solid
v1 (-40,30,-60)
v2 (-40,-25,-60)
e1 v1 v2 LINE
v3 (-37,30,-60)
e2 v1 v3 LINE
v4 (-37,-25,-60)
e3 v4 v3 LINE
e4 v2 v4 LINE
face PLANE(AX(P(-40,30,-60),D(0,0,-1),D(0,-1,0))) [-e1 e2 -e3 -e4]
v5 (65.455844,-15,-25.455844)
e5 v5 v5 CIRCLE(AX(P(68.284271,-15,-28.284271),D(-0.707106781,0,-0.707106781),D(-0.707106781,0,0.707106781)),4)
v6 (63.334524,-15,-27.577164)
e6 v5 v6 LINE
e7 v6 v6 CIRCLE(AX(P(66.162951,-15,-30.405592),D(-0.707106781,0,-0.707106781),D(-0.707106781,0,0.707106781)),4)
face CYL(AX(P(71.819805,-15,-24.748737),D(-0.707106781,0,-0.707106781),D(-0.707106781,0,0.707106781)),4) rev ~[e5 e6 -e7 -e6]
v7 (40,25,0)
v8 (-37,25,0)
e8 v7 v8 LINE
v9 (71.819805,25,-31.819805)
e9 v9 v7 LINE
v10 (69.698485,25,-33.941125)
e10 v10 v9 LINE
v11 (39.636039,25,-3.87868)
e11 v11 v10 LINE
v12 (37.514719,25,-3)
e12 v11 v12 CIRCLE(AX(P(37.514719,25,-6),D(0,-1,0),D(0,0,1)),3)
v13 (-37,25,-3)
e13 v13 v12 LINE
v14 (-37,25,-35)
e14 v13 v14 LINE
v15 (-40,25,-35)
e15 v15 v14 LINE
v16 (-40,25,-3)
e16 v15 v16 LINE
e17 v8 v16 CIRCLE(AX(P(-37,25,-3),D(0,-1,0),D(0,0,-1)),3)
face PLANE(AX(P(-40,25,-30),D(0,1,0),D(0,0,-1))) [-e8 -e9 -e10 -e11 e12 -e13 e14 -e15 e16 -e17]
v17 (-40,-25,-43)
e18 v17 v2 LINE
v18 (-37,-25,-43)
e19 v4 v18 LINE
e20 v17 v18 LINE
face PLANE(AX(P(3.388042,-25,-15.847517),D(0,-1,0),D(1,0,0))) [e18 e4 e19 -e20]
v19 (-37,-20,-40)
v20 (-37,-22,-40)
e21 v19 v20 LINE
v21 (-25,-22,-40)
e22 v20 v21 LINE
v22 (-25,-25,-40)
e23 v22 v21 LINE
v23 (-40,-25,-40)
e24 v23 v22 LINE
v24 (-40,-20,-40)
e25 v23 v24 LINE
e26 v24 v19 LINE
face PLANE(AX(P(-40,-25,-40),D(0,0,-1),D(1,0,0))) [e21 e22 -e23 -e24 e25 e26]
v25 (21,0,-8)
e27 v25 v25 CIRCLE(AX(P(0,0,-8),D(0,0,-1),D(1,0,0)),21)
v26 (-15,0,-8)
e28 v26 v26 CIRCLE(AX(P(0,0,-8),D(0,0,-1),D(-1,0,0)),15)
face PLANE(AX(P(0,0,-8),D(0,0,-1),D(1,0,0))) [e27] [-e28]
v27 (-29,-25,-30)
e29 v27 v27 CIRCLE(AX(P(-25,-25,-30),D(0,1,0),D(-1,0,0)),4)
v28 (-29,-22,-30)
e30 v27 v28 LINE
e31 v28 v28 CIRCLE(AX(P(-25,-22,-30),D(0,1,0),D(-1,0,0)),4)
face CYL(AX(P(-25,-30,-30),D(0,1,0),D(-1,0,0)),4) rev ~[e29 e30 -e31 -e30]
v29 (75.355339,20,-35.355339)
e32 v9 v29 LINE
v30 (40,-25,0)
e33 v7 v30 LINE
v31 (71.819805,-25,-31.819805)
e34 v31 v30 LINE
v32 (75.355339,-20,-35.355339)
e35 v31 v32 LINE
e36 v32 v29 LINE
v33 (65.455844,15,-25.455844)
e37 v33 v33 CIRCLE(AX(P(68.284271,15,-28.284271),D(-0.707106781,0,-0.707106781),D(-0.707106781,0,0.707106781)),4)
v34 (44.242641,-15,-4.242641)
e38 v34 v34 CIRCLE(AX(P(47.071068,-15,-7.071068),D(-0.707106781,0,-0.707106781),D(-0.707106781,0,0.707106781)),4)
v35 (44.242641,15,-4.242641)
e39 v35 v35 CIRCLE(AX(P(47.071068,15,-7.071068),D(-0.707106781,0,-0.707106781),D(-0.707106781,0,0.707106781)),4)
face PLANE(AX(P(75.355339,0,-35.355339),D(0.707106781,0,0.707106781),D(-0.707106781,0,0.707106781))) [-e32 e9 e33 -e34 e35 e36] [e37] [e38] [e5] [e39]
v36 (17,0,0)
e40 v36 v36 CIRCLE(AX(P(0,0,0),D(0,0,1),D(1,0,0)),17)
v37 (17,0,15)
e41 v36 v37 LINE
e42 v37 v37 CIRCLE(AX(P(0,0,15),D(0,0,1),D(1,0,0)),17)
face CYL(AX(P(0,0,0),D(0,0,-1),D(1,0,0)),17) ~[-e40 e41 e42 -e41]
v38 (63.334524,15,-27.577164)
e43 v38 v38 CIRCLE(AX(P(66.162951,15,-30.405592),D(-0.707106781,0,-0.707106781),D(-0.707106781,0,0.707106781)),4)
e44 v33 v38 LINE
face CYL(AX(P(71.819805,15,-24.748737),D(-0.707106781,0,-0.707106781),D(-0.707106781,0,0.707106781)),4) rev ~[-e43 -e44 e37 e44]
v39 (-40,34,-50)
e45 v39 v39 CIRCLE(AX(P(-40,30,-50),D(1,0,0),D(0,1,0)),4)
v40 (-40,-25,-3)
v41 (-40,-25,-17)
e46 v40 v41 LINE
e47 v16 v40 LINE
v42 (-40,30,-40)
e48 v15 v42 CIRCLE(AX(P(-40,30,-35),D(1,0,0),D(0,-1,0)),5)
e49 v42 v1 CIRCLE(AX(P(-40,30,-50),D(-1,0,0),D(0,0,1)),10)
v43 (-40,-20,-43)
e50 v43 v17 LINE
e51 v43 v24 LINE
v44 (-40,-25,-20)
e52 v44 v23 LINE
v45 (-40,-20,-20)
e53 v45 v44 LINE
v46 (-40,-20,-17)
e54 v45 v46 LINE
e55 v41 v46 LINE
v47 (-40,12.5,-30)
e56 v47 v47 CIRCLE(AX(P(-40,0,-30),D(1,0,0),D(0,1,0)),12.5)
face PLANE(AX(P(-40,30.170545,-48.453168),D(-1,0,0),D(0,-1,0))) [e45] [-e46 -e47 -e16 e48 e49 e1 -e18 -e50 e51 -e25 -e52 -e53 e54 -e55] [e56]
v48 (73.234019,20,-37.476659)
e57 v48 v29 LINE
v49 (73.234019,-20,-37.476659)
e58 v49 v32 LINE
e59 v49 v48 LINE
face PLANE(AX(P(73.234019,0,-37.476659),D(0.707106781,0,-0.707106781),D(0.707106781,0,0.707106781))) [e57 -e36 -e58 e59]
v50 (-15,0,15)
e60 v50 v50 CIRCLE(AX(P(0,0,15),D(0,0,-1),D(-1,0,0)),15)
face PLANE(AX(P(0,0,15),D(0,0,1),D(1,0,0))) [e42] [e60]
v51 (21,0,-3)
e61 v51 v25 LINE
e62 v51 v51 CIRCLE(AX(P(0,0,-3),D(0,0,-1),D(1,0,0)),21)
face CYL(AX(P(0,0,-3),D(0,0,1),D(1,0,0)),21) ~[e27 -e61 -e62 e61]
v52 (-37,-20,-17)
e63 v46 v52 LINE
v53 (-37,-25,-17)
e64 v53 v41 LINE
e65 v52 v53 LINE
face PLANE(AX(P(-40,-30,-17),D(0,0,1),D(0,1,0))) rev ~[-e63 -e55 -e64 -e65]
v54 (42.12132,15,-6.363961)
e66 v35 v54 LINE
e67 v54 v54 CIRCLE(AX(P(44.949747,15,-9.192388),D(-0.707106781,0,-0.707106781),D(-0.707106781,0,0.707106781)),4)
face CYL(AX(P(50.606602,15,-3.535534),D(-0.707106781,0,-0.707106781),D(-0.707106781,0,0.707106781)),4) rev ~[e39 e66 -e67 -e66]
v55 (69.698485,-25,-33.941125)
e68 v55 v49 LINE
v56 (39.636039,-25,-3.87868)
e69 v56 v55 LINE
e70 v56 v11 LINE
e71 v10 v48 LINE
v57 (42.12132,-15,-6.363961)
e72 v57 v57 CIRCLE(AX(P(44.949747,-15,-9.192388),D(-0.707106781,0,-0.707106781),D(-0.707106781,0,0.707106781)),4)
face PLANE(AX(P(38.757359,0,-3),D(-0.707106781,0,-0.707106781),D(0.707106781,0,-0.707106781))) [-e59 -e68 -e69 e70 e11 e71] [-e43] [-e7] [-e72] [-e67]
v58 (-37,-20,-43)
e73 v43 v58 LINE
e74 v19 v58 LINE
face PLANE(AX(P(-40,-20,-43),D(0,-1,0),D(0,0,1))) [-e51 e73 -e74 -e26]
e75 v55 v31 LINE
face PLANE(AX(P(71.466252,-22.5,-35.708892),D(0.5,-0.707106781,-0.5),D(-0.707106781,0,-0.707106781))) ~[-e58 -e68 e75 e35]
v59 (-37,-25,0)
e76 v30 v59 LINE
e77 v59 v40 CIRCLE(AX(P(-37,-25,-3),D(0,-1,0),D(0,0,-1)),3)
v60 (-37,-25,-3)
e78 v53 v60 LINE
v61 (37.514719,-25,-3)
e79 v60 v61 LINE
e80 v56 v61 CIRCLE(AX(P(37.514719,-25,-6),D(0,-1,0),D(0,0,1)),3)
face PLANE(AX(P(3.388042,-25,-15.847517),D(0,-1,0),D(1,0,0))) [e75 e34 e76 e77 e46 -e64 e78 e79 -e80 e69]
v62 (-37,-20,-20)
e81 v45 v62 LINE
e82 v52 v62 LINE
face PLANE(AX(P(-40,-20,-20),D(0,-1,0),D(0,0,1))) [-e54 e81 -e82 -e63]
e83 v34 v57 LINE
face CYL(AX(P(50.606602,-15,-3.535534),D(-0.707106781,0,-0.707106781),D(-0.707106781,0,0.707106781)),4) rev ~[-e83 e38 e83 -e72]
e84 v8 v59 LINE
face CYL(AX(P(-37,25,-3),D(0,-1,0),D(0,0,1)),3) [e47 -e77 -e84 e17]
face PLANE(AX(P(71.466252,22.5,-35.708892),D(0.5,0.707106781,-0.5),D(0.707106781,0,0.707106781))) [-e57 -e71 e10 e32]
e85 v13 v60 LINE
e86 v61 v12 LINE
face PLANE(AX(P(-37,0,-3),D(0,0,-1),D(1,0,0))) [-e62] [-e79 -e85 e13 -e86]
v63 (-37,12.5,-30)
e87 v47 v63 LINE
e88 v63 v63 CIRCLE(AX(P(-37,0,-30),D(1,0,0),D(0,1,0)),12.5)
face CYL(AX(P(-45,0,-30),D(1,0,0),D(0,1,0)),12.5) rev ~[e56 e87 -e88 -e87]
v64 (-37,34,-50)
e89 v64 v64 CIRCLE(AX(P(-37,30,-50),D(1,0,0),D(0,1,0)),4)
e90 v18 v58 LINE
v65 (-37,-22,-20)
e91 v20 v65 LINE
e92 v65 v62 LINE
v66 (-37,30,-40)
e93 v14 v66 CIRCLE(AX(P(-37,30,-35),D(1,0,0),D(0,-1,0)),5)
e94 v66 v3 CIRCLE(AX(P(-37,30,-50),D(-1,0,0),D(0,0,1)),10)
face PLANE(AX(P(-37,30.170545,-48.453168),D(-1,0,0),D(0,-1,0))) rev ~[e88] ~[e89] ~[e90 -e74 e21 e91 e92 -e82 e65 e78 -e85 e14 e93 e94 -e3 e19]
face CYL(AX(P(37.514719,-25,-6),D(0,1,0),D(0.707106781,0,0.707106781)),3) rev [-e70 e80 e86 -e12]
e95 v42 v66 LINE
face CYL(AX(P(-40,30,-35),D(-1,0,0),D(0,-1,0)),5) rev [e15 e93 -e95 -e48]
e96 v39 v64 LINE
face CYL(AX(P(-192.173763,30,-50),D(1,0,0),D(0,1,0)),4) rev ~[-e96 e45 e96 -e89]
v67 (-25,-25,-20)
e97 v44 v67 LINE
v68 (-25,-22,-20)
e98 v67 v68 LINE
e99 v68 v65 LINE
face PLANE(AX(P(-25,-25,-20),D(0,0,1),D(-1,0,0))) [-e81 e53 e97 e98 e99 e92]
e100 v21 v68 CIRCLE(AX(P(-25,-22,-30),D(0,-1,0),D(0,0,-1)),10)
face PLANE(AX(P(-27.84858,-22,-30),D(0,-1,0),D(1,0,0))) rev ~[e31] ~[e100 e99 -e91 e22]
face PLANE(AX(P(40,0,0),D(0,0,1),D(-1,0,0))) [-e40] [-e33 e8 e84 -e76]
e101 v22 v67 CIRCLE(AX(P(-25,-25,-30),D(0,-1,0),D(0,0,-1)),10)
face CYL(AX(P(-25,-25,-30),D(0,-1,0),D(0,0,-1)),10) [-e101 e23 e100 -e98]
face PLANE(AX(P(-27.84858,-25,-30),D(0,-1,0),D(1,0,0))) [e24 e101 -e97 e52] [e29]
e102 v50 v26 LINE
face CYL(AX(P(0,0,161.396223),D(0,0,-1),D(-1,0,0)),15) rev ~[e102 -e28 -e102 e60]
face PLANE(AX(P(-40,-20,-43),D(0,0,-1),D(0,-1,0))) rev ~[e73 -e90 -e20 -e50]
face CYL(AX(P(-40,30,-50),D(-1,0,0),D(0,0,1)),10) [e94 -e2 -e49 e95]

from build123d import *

# Parameters (mm, degrees)
F1_DEPTH      = 25
F1_DEPTH_BACK = 25
F2_R          = 17
F3_DEPTH      = 15
F4_R          = 21
F5_DEPTH      = 5
F7_D          = 30
F8_W          = 5
F8_H          = 3
F9_DEPTH      = 5
F10_DEPTH     = 3
F11_D         = 25
F11_DEPTH     = 5
F11_TIP       = 7.5107577378
F12_D         = 8
F13_W         = 3
F13_H         = 20
F14_DEPTH     = 3
F16_D         = 8
F16_DEPTH     = 5
F16_TIP       = 2.4034424761
F18_D         = 8
F18_DEPTH     = 5
F18_TIP       = 2.4034424761
F19_SIZE      = 5
F20_R         = 3


with BuildPart() as f1:
    # F0 (on Front) → F1 (new body, two sides)
    with BuildSketch(Plane.XZ) as f1_sk:
        Polygon((75.3553390593, -35.3553390593), (40, 0), (-40, 0), (-40, -60), (-37, -60), (-37, -3), (38.7573593129, -3), (73.2340187158, -37.4766594029), align=None)
    extrude(amount=F1_DEPTH)
    extrude(f1_sk.sketch, amount=-F1_DEPTH_BACK)

    # F2 (on face) → F3 (join)
    with BuildSketch(Plane.XY):
        Circle(F2_R)
    extrude(amount=F3_DEPTH)

    # F4 (on face) → F5 (join)
    with BuildSketch(Plane(origin=(0, 0, -3), x_dir=(1, 0, 0), z_dir=(0, 0, -1))):
        Circle(F4_R)
    extrude(amount=F5_DEPTH)

    # F7 (through all)
    with Locations(Plane.XY.offset(15)):
        with Locations((0, 0)):
            Hole(F7_D / 2)

    # F8 (on face) → F9 (cut)
    with BuildSketch(Plane(origin=(-40, 0, 0), x_dir=(0, -1, 0), z_dir=(-1, 0, 0))):
        with Locations((27.5, -18.5)):
            Rectangle(F8_W, F8_H)
        with Locations((27.5, -41.5)):
            Rectangle(F8_W, F8_H)
        with Locations((22.5, -18.5)):
            Rectangle(F8_W, F8_H)
        with Locations((22.5, -41.5)):
            Rectangle(F8_W, F8_H)
    extrude(amount=-F9_DEPTH, mode=Mode.SUBTRACT)

    # F8 (on face) → F10 (join)
    with BuildSketch(Plane(origin=(-40, 0, 0), x_dir=(0, -1, 0), z_dir=(-1, 0, 0))):
        with BuildLine():
            Line((-25, -60), (-25, -35))
            ThreePointArc((-25, -35), (-26.4644660941, -38.5355339059), (-30, -40))
            ThreePointArc((-30, -40), (-40, -50), (-30, -60))
            Line((-30, -60), (-25, -60))
        make_face()
        Polygon((0, -30), (-25, -30), (-25, -35), (-25, -60), (0, -60), align=None)
    extrude(amount=-F10_DEPTH)

    # F11
    with Locations(Plane(origin=(-40, 0, 0), x_dir=(0, -1, 0), z_dir=(-1, 0, 0))):
        with Locations((0, -30)):
            Hole(F11_D / 2, depth=F11_DEPTH)
            with Locations((0, 0, -(F11_DEPTH + F11_TIP / 2))):  # 118° drill point
                Cone(0, F11_D / 2, F11_TIP, mode=Mode.SUBTRACT)

    # F12 (through all)
    with Locations(Plane(origin=(-40, 0, 0), x_dir=(0, -1, 0), z_dir=(-1, 0, 0))):
        with Locations((-30, -50)):
            Hole(F12_D / 2)

    # F13 (on face) → F14 (join)
    with BuildSketch(Plane.XZ.offset(25)):
        with BuildLine():
            Line((-25, -20), (-37, -20))
            Line((-37, -20), (-37, -40))
            Line((-37, -40), (-25, -40))
            ThreePointArc((-25, -40), (-15, -30), (-25, -20))
        make_face()
        with Locations((-38.5, -30)):
            Rectangle(F13_W, F13_H)
    extrude(amount=-F14_DEPTH)

    # F16
    with Locations(Plane.XZ.offset(25)):
        with Locations((-25, -30)):
            Hole(F16_D / 2, depth=F16_DEPTH)
            with Locations((0, 0, -(F16_DEPTH + F16_TIP / 2))):  # 118° drill point
                Cone(0, F16_D / 2, F16_TIP, mode=Mode.SUBTRACT)

    # F18
    with Locations(Plane(origin=(20, 0, 20), x_dir=(0.7071067812, 0, -0.7071067812), z_dir=(0.7071067812, 0, 0.7071067812))):
        with Locations((38.2842712475, -15), (38.2842712475, 15), (68.2842712475, -15), (68.2842712475, 15)):
            Hole(F18_D / 2, depth=F18_DEPTH)
            with Locations((0, 0, -(F18_DEPTH + F18_TIP / 2))):  # 118° drill point
                Cone(0, F18_D / 2, F18_TIP, mode=Mode.SUBTRACT)

    # F19
    f19_edges = [f1.edges().sort_by_distance(p)[0] for p in [
        (74.294679, 25, -36.415999),
        (74.294679, -25, -36.415999),
    ]]
    chamfer(f19_edges, length=F19_SIZE)

    # F20
    f20_edges = [f1.edges().sort_by_distance(p)[0] for p in [
        (-40, 0, 0),
        (38.757359, 0, -3),
    ]]
    fillet(f20_edges, radius=F20_R)


solid = f1.part
